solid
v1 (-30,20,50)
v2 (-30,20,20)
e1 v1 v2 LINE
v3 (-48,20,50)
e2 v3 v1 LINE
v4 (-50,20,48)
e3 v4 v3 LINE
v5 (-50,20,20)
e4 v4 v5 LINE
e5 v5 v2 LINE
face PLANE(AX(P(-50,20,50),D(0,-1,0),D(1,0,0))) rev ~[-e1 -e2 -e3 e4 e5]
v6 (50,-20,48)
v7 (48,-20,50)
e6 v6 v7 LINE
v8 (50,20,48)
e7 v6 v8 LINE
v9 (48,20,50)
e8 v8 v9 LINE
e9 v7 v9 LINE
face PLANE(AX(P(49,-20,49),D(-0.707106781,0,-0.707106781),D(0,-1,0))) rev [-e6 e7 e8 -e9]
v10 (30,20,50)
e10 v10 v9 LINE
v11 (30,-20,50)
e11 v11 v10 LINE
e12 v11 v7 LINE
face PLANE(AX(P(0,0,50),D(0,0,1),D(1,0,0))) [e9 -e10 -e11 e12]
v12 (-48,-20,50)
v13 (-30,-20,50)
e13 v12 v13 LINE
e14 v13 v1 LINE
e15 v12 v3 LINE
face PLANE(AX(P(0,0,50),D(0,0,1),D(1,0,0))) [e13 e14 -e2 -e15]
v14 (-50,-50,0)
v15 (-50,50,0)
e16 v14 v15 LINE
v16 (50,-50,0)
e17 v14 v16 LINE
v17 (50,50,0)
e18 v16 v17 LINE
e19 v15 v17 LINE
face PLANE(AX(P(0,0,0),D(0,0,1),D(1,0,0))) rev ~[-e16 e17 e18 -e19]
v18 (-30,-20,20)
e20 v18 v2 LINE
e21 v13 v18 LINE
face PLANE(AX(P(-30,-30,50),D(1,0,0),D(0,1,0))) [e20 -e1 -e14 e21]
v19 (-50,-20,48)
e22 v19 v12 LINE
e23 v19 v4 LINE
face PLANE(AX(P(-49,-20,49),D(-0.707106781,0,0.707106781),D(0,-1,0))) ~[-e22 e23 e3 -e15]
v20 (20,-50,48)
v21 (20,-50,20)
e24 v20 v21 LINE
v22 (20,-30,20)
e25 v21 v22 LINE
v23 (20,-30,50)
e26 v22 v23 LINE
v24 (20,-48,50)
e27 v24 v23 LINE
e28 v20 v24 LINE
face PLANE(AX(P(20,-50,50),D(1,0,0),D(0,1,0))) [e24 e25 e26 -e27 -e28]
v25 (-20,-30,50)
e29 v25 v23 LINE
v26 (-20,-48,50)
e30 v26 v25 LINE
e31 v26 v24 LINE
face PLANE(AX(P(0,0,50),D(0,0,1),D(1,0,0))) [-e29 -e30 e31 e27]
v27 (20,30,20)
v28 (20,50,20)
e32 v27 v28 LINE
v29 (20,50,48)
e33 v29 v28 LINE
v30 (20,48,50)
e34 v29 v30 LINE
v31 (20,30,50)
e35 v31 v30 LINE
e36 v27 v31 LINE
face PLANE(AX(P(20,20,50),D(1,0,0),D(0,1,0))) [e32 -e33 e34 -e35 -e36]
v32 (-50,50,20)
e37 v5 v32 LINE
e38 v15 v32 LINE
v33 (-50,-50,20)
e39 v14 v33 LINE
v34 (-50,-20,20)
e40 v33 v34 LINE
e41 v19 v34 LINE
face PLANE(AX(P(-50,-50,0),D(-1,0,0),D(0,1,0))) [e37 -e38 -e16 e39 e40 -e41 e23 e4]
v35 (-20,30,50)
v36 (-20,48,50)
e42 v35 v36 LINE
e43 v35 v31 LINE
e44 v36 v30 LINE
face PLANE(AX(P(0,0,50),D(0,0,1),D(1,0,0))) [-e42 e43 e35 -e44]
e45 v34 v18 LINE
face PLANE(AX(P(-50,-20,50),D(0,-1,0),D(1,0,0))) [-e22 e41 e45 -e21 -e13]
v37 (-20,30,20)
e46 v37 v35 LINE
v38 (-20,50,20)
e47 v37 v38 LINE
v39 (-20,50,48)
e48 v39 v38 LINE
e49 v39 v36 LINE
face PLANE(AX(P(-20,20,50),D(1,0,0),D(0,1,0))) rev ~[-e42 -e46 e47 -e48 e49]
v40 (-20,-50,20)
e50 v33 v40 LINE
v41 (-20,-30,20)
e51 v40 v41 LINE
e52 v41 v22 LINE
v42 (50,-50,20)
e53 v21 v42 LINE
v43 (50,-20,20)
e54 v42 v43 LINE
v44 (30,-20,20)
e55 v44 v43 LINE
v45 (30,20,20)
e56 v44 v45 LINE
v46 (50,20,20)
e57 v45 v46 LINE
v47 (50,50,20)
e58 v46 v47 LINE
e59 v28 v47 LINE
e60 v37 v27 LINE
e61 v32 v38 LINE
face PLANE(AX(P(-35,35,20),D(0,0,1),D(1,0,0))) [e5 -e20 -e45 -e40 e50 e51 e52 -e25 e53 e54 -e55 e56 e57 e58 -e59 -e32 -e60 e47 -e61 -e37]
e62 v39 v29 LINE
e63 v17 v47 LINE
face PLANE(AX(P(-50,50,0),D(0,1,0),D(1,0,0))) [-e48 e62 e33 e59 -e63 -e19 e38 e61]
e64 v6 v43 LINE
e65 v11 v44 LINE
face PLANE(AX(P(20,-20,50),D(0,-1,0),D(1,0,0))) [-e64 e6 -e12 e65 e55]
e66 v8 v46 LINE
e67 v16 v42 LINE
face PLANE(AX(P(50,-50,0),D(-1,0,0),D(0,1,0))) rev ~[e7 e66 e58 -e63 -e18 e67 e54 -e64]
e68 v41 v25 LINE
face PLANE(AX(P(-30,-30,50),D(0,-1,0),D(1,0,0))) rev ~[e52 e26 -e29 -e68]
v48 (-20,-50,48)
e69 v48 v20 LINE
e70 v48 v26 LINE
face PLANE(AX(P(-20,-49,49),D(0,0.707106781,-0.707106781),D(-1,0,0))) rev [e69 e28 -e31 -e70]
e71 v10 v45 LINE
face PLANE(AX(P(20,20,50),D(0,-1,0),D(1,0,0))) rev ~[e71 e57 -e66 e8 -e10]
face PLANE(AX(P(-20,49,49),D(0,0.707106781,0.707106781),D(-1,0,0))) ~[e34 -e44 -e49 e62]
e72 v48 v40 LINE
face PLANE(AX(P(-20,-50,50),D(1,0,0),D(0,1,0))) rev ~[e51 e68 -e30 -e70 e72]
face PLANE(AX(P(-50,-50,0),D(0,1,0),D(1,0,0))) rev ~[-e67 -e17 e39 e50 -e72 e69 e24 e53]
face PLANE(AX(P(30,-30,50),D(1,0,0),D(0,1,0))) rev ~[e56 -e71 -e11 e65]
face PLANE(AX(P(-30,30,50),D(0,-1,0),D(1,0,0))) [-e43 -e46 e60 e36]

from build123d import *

# Parameters (mm, degrees)
F0_W     = 100
F0_H     = 100
F1_DEPTH = 50
F2_W     = 60
F2_H     = 60
F3_DEPTH = 30
F4_W     = 30
F4_H     = 30
F5_DEPTH = 30
F6_SIZE  = 2


with BuildPart() as f1:
    # F0 (on Top) → F1 (new body)
    with BuildSketch(Plane.XY):
        Rectangle(F0_W, F0_H)
    extrude(amount=F1_DEPTH)

    # F2 (on face) → F3 (cut)
    with BuildSketch(Plane.XY.offset(50)):
        Rectangle(F2_W, F2_H)
    extrude(amount=-F3_DEPTH, mode=Mode.SUBTRACT)

    # F4 (on face) → F5 (cut)
    with BuildSketch(Plane.XY.offset(50)):
        with Locations((-35, 35)):
            Rectangle(F4_W, F4_H)
        with Locations((-35, -35)):
            Rectangle(F4_W, F4_H)
        with Locations((35, -35)):
            Rectangle(F4_W, F4_H)
        with Locations((35, 35)):
            Rectangle(F4_W, F4_H)
    extrude(amount=-F5_DEPTH, mode=Mode.SUBTRACT)

    # F6
    f6_edges = [f1.edges().sort_by_distance(p)[0] for p in [
        (0, -50, 50),
        (50, 0, 50),
        (0, 50, 50),
        (-50, 0, 50),
    ]]
    chamfer(f6_edges, length=F6_SIZE)


solid = f1.part
